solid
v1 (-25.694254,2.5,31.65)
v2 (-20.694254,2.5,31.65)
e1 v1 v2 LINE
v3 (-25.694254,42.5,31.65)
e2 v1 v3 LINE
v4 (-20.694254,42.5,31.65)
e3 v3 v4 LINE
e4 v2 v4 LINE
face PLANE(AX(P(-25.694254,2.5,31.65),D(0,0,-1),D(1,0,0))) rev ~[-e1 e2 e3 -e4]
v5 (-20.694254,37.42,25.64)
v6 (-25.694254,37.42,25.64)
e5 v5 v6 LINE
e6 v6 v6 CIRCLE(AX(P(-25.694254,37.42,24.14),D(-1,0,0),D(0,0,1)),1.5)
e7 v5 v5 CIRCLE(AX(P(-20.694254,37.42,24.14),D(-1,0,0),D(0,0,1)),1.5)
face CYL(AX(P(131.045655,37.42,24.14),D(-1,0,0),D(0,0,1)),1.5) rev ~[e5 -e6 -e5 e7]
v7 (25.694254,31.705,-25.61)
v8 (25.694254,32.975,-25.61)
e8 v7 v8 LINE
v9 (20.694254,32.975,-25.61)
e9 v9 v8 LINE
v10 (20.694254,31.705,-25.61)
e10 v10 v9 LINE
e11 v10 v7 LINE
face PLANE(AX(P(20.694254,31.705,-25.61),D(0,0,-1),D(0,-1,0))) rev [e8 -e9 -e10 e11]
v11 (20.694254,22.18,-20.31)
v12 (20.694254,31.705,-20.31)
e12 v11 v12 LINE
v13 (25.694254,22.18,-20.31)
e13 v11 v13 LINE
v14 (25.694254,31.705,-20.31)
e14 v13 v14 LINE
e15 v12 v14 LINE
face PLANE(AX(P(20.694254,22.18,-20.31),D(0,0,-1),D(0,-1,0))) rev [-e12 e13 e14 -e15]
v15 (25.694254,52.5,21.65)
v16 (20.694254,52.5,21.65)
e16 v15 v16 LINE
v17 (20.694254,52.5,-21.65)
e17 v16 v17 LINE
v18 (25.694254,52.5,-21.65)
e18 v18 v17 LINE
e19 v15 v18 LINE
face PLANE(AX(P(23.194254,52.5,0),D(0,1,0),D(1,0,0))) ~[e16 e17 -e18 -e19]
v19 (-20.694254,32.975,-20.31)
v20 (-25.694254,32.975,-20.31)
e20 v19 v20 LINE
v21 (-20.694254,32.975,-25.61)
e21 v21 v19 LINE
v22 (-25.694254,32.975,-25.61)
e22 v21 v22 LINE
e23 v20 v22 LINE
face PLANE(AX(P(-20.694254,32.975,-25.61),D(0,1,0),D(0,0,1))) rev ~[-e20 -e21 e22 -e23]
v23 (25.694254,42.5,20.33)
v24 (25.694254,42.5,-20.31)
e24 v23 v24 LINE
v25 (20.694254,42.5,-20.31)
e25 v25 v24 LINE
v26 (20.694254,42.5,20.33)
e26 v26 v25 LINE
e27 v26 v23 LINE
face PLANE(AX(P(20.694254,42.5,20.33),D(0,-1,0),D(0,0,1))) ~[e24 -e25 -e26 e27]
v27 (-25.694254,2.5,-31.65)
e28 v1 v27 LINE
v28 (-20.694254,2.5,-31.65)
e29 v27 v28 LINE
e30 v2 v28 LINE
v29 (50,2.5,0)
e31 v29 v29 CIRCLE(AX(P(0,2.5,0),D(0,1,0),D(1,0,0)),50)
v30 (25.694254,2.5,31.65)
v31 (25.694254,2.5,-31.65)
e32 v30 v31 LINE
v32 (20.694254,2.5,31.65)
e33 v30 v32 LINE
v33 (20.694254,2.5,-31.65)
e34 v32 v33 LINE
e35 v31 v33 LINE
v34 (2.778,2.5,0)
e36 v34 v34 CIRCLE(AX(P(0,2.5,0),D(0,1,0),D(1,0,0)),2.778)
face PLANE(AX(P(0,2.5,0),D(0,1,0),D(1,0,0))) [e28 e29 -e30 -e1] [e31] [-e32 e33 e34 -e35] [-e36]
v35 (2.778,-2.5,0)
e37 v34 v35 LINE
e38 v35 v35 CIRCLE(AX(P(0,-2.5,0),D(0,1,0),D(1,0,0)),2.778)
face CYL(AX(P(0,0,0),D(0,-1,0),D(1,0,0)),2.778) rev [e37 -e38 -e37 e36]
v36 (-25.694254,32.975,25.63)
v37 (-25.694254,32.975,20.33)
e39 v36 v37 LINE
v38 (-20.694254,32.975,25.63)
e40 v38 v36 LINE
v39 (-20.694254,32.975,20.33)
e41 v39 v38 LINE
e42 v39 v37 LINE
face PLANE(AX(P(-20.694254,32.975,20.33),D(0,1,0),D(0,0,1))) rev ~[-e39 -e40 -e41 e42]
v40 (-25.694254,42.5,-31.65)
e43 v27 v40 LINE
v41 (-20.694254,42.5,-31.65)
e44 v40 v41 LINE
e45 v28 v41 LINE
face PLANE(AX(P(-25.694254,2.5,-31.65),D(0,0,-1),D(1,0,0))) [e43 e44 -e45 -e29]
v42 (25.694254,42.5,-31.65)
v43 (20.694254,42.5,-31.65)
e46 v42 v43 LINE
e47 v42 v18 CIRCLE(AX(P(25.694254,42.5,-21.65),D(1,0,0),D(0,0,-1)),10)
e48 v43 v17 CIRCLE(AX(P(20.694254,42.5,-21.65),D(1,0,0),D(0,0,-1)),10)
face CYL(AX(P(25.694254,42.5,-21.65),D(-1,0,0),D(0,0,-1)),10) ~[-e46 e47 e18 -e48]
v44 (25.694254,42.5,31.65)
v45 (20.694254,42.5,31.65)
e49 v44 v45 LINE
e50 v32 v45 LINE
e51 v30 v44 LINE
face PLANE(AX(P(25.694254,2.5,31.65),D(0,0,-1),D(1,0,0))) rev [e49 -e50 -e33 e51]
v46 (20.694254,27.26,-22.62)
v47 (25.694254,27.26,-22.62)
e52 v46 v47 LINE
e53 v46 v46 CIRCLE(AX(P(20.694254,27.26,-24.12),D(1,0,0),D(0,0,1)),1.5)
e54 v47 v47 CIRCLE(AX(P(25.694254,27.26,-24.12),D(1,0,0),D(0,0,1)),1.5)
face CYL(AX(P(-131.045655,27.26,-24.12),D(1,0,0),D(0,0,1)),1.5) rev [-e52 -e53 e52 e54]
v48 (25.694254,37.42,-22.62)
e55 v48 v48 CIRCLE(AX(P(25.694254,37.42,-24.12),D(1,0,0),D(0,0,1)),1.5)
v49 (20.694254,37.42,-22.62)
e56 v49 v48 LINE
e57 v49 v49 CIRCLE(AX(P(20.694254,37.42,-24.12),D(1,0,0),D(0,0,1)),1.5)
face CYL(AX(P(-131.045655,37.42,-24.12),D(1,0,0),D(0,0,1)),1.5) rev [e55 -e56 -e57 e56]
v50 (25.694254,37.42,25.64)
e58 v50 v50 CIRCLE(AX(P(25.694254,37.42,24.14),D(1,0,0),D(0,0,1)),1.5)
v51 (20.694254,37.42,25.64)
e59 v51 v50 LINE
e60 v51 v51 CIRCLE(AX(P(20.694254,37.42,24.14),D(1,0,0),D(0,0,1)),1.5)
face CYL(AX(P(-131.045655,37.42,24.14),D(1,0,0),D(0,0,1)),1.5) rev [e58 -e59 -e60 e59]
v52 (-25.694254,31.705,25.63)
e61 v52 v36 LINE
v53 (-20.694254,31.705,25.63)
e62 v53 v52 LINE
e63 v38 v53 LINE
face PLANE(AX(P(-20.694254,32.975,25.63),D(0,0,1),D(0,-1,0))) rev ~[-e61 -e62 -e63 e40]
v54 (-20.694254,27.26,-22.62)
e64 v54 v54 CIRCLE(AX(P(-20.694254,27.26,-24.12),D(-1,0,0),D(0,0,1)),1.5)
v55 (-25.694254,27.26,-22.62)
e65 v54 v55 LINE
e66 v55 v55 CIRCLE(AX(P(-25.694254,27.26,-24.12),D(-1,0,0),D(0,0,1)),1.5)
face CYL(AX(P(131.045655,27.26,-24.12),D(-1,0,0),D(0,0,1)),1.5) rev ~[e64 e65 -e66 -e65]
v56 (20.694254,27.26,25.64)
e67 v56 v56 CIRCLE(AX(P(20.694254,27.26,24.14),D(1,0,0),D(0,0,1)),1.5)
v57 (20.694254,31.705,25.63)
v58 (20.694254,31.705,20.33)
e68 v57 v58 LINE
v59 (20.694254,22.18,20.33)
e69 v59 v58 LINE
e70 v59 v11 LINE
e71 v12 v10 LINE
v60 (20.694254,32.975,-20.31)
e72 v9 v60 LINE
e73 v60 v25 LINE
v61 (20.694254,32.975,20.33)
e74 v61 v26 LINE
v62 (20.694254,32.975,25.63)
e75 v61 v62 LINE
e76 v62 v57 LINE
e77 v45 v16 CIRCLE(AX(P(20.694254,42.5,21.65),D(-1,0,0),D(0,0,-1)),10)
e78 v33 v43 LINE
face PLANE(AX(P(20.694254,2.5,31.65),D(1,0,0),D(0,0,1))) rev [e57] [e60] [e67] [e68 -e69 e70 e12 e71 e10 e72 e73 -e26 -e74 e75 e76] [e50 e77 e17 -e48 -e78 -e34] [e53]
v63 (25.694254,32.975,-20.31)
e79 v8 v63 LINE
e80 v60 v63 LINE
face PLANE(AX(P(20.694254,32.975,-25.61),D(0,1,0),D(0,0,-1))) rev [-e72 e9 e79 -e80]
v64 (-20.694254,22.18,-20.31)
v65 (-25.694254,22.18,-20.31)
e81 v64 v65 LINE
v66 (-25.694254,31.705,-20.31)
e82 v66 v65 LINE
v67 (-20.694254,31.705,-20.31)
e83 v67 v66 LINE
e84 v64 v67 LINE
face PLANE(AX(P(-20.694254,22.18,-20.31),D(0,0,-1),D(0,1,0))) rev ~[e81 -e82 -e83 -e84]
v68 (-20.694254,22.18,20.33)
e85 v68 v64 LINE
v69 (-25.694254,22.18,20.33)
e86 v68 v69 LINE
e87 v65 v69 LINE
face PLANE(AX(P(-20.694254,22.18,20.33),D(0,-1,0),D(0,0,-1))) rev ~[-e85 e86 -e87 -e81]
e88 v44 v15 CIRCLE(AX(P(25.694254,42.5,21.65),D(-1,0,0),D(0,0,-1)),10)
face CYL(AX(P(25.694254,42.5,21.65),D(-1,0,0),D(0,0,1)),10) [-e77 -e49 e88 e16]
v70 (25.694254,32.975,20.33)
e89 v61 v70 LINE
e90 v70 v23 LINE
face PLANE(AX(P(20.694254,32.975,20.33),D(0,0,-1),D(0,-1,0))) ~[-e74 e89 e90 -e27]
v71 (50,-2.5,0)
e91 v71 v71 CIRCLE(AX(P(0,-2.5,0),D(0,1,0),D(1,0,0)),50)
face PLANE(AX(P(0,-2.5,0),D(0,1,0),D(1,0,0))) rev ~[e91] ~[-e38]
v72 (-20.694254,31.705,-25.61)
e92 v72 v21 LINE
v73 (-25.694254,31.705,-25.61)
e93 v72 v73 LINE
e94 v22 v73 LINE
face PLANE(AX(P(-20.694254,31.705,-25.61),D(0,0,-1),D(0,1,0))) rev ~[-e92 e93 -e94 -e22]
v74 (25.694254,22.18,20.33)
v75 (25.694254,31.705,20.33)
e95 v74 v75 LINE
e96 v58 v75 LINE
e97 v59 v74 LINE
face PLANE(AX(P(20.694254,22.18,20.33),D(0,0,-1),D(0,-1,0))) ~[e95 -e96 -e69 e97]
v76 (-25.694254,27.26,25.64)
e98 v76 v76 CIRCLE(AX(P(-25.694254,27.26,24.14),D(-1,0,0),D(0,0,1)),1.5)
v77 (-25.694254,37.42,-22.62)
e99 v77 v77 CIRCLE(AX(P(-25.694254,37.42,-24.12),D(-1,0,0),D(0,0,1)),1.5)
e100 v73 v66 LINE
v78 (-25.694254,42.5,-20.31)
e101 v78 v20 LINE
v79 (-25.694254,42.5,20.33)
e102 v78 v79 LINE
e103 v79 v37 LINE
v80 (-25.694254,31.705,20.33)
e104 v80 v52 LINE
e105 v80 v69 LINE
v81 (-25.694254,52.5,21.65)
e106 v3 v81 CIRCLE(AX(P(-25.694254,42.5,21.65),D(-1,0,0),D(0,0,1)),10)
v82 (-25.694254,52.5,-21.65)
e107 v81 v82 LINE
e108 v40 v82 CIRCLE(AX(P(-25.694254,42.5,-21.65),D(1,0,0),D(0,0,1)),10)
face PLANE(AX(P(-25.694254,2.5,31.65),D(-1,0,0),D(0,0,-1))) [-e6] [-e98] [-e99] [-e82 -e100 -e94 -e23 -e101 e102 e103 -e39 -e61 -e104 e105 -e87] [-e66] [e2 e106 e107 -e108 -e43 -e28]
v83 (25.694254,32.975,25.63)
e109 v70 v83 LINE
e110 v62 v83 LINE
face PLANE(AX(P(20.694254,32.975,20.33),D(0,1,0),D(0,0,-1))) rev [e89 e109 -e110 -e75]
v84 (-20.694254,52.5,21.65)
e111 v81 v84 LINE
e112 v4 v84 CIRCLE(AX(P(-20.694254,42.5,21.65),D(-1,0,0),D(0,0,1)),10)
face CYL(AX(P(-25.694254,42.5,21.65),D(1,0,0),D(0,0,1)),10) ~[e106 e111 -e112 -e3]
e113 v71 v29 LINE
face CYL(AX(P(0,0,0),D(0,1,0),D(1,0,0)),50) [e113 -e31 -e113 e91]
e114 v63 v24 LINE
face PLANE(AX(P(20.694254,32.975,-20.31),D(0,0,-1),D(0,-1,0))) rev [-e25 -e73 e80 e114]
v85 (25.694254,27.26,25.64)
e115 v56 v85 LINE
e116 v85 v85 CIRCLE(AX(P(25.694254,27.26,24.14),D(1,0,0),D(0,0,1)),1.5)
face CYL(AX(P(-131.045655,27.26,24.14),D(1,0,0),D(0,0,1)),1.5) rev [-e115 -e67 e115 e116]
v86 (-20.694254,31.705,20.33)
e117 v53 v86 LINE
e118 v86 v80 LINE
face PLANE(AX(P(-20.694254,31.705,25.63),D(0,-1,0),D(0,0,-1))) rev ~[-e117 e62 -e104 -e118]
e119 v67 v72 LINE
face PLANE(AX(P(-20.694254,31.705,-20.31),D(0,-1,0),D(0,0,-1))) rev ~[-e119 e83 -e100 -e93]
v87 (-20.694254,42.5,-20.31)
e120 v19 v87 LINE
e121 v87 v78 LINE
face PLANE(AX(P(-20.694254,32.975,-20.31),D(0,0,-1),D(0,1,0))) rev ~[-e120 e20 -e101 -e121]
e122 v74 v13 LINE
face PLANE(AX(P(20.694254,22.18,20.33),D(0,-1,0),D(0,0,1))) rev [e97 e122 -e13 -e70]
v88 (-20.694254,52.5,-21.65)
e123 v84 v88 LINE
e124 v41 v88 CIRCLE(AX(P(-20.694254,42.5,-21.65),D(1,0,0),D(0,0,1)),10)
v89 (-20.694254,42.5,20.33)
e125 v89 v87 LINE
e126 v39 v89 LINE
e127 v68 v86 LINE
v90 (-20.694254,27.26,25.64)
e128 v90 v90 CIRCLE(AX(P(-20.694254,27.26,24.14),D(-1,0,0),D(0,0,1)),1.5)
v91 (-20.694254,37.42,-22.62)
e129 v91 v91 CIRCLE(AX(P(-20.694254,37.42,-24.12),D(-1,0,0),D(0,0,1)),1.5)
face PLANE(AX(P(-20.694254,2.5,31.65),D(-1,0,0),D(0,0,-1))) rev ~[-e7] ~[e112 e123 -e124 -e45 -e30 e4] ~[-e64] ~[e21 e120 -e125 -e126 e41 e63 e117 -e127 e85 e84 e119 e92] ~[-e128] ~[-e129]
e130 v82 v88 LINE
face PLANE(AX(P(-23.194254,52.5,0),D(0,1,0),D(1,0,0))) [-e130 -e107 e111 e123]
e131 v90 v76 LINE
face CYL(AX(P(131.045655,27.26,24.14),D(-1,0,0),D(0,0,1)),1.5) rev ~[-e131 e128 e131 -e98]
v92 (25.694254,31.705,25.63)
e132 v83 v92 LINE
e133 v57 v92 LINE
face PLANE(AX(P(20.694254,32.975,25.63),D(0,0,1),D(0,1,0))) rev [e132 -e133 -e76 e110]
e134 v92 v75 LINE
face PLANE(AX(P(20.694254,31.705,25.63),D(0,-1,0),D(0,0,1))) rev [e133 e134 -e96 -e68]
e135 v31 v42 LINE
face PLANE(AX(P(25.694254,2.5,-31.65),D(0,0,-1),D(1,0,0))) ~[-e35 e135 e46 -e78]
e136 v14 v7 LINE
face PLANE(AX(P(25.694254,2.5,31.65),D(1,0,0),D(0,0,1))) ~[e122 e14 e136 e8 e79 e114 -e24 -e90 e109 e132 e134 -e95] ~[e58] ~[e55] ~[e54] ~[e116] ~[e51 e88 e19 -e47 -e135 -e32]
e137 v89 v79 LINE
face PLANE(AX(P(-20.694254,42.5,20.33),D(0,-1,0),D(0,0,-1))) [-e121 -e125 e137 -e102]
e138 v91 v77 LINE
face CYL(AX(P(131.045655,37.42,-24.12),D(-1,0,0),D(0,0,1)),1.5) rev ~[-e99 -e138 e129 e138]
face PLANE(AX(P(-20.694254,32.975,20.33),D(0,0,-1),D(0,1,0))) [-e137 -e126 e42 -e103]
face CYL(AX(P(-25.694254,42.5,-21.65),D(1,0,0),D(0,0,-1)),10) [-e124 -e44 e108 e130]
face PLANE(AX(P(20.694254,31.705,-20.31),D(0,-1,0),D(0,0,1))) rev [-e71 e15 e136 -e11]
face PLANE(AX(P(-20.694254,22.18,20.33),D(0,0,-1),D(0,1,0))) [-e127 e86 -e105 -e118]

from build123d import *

# Parameters (mm, degrees)
SKETCH1_R                = 50
SKETCH1_R_2              = 2.778
BOSS_EXTRUDE1_DEPTH      = 2.5
SKETCH2_W                = 5
SKETCH2_H                = 63.3
BOSS_EXTRUDE2_DEPTH      = 50
FILLET1_R                = 10
SKETCH14_W               = 40.64
SKETCH14_H               = 20.32
CUT_EXTRUDE1_DEPTH       = 30.305745908
F_3_0_3_DIAMETER_HOLE1_D = 3
FILLET1_OF_MIRROR1_R     = 10


with BuildPart() as part:
    # Sketch1 → Boss-Extrude1 (new body, symmetric)
    with BuildSketch(Plane(origin=(0, 0, 0), x_dir=(1, 0, 0), z_dir=(0, 1, 0))):
        Circle(SKETCH1_R)
        Circle(SKETCH1_R_2, mode=Mode.SUBTRACT)
    extrude(amount=BOSS_EXTRUDE1_DEPTH, both=True)

    # Sketch2 → Boss-Extrude2 (add)
    with BuildSketch(Plane(origin=(0, 2.5, 0), x_dir=(1, 0, 0), z_dir=(0, 1, 0))):
        with Locations((-23.194254092, 0)):
            Rectangle(SKETCH2_W, SKETCH2_H)
    boss_extrude2 = extrude(amount=BOSS_EXTRUDE2_DEPTH)

    # Fillet1
    fillet1_edges = [part.edges().sort_by_distance(p)[0] for p in [
        (-23.194254092, 52.5, -31.65),
        (-23.194254092, 52.5, 31.65),
    ]]
    fillet(fillet1_edges, radius=FILLET1_R)

    # Sketch14 → Cut-Extrude1 (cut, through all)
    with BuildSketch(Plane(origin=(-20.694254092, 0, 0), x_dir=(0, 0, -1), z_dir=(1, 0, 0))):
        with Locations((-0.01, 32.34)):
            Rectangle(SKETCH14_W, SKETCH14_H)
        Polygon((-20.33, 31.705), (-20.33, 32.975), (-25.63, 32.975), (-25.63, 32.34), (-25.63, 31.705), align=None)
        Polygon((25.61, 32.975), (20.31, 32.975), (20.31, 31.705), (25.61, 31.705), (25.61, 32.34), align=None)
    cut_extrude1 = extrude(amount=-CUT_EXTRUDE1_DEPTH, mode=Mode.SUBTRACT)

    # Ø3.0 (3) Diameter Hole1 (through all)
    with Locations(Plane(origin=(-20.694254092, 0, 0), x_dir=(0, 0, -1), z_dir=(1, 0, 0))):
        with Locations((24.12, 37.42), (24.12, 27.26), (-24.14, 37.42), (-24.14, 27.26)):
            f_3_0_3_diameter_hole1 = Hole(F_3_0_3_DIAMETER_HOLE1_D / 2)

    # Mirror1: Boss-Extrude2, Cut-Extrude1, Ø3.0 (3) Diameter Hole1 across plane
    add(boss_extrude2.mirror(Plane(origin=(0, 0, 0), x_dir=(0, 0, 1), z_dir=(1, 0, 0))))
    add(cut_extrude1.mirror(Plane(origin=(0, 0, 0), x_dir=(0, 0, 1), z_dir=(1, 0, 0))), mode=Mode.SUBTRACT)
    add(f_3_0_3_diameter_hole1.mirror(Plane(origin=(0, 0, 0), x_dir=(0, 0, 1), z_dir=(1, 0, 0))), mode=Mode.SUBTRACT)

    # Fillet1 of Mirror1
    fillet1_of_mirror1_edges = [part.edges().sort_by_distance(p)[0] for p in [
        (23.194254092, 52.5, -31.65),
        (23.194254092, 52.5, 31.65),
    ]]
    fillet(fillet1_of_mirror1_edges, radius=FILLET1_OF_MIRROR1_R)


solid = part.part
